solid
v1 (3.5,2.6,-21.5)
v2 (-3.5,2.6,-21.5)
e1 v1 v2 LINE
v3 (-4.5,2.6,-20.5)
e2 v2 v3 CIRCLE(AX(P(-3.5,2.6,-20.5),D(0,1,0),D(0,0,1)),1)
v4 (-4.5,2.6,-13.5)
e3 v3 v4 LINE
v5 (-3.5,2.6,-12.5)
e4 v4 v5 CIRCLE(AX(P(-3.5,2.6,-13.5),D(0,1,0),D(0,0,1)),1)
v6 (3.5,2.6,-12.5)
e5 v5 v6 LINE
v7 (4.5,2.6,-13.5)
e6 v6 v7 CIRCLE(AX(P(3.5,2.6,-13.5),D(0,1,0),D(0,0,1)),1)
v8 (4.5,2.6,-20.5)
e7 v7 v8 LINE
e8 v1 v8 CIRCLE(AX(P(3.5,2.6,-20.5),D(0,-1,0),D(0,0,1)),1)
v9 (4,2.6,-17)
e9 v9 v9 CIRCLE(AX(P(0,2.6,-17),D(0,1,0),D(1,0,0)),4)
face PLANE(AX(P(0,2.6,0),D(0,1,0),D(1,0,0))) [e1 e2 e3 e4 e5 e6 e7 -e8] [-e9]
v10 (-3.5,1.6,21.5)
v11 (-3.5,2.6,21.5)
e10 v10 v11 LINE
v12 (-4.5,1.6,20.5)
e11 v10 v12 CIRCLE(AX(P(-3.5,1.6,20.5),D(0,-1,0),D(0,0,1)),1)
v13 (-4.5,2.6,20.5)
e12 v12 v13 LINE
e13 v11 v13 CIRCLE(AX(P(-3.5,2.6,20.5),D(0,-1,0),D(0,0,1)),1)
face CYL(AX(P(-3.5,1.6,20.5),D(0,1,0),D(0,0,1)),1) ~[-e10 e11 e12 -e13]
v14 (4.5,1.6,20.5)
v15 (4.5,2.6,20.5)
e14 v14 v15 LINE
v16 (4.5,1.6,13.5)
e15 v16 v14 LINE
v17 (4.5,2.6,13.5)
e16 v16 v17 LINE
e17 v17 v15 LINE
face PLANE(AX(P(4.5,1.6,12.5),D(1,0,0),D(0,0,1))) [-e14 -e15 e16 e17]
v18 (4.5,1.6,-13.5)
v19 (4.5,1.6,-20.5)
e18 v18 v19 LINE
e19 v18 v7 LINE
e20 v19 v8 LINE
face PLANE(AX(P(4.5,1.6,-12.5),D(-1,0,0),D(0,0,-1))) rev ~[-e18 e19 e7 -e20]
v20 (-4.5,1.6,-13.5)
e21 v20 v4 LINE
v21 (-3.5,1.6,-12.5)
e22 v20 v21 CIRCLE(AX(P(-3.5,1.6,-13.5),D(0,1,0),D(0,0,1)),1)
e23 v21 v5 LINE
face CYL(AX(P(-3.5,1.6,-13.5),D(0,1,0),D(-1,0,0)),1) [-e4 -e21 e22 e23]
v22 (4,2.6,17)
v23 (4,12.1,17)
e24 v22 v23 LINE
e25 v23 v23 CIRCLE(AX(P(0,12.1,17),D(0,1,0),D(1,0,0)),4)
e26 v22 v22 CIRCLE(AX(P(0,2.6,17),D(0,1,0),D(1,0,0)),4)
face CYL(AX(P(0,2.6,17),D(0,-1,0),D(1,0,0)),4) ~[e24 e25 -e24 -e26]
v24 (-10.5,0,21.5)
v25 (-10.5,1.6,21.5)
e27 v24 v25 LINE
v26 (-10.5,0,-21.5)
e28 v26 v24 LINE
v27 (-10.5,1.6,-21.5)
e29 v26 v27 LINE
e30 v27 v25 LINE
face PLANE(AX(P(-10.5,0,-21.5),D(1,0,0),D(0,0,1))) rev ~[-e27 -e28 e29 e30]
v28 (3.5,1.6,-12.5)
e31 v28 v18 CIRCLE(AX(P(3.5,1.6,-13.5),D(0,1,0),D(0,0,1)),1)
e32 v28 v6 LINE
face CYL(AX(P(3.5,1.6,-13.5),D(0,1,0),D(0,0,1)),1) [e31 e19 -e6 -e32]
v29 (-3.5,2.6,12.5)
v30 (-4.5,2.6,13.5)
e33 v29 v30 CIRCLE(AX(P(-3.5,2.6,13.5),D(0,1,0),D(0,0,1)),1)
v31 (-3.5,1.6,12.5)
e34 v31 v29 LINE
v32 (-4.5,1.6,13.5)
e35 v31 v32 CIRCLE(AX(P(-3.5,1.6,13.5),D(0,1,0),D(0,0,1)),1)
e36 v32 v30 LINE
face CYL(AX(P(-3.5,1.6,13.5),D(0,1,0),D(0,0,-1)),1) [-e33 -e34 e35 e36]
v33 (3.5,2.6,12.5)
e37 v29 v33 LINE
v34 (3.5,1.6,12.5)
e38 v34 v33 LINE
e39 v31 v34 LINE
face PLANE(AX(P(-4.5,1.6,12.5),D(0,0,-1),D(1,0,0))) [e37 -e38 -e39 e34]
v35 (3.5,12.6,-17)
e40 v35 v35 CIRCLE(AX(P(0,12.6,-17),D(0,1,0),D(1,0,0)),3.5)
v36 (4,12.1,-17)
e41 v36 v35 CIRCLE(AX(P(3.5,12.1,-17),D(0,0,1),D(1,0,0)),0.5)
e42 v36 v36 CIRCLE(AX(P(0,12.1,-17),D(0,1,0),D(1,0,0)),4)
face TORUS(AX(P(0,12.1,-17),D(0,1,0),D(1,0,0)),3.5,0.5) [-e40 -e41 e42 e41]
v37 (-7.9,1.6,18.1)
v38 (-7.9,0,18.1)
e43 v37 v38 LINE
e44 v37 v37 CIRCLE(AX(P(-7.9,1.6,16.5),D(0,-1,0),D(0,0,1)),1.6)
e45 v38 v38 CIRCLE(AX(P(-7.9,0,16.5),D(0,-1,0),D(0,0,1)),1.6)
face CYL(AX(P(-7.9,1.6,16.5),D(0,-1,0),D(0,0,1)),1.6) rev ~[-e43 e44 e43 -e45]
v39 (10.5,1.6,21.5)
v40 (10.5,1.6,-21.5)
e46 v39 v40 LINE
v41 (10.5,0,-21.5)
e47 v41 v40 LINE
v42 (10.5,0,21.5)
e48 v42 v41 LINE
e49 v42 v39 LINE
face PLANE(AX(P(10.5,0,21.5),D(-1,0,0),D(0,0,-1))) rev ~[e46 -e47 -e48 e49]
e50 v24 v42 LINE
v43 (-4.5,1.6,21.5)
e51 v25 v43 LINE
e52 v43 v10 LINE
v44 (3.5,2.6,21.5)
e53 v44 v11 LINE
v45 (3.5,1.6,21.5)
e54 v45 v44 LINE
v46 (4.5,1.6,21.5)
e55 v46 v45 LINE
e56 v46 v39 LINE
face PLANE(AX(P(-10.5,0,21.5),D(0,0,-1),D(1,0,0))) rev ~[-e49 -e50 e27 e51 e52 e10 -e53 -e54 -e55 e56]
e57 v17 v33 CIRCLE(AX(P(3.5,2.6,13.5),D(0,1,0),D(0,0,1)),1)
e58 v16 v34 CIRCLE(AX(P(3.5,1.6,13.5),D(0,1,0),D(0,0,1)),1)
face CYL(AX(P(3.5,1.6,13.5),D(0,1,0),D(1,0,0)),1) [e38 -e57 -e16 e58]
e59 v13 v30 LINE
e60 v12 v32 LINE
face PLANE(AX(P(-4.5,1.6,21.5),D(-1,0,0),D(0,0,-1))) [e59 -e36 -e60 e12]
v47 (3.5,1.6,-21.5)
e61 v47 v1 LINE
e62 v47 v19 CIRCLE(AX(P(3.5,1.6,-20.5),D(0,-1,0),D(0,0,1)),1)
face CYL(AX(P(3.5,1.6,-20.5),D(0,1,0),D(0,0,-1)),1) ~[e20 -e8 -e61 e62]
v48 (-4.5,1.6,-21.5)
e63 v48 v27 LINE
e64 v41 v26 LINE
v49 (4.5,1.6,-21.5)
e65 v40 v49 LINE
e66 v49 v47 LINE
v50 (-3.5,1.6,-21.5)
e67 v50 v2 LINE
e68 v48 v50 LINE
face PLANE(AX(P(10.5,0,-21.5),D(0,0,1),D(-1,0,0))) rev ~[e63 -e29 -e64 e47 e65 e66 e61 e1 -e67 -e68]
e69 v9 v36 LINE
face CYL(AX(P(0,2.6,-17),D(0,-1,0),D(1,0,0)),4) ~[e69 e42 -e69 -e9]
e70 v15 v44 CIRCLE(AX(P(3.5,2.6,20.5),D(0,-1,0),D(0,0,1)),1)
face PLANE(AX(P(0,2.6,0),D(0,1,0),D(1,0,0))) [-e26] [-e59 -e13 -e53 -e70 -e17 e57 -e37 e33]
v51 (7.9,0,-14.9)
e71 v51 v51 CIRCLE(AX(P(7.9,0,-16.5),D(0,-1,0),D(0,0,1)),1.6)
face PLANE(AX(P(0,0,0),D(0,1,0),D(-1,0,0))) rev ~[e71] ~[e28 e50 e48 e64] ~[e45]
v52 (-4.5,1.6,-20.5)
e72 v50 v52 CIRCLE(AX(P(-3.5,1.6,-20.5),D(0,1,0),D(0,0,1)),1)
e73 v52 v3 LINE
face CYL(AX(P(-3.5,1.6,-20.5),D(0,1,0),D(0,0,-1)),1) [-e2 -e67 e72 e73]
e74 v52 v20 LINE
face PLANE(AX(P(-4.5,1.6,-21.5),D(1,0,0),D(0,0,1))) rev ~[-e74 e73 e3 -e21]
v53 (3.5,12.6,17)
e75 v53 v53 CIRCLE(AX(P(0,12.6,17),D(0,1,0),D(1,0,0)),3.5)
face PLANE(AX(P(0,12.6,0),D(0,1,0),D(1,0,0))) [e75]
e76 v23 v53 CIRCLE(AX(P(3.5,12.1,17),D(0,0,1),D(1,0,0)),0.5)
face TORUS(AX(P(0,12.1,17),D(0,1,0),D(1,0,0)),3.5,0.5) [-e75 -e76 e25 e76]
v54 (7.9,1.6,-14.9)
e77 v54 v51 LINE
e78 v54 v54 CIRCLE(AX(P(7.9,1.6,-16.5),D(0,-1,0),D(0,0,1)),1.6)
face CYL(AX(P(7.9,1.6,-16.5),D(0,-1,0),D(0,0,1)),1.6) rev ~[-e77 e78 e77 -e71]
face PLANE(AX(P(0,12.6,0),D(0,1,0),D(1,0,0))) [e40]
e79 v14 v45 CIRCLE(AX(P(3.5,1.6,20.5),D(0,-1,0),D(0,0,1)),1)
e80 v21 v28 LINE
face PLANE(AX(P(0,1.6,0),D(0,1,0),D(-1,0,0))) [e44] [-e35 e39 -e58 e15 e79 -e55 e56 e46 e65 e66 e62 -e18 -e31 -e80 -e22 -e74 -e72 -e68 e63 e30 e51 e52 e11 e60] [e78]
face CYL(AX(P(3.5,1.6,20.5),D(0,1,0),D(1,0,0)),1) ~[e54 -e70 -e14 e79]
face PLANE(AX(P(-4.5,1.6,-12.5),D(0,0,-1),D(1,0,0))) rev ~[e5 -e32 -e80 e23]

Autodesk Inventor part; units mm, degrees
ref_plane "YZ Plane" through (0, 0, 0) normal (1, 0, 0) x (0, 1, 0)
ref_plane "XZ Plane" through (0, 0, 0) normal (0, 1, 0) x (-1, 0, 0)
ref_plane "XY Plane" through (0, 0, 0) normal (0, 0, 1) x (1, 0, 0)
sketch "Sketch1" plane through (0, 0, 0) normal (0, 1, 0) x (-1, 0, 0)
  line L0 (-10.5, 21.5) -> (-10.5, -21.5)
  line L1 (-10.5, -21.5) -> (10.5, -21.5)
  line L2 (10.5, -21.5) -> (10.5, 21.5)
  line L3 (10.5, 21.5) -> (-10.5, 21.5)
  line L4 (-10.5, 21.5) -> (10.5, -21.5) construction
  line L5 (-10.5, -21.5) -> (10.5, 21.5) construction
  point P0 (0, 0)
  dimension "d0" = 43
  dimension "d1" = 21
extrude "Extrusion1" add sketch "Sketch1" along normal blind 1.6
sketch "Sketch2" plane through (0, 1.6, 0) normal (0, 1, 0) x (1, 0, 0)
  line L0 (0, -21.5) -> (0, -17)
  line L1 (4.5, -12.5) -> (4.5, -21.5)
  line L2 (4.5, -21.5) -> (-4.5, -21.5)
  line L3 (-4.5, -21.5) -> (-4.5, -12.5)
  line L4 (-4.5, -12.5) -> (4.5, -12.5)
  line L5 (4.5, -12.5) -> (-4.5, -21.5) construction
  line L6 (4.5, -21.5) -> (-4.5, -12.5) construction
  line L7 (-2.2008, 0) -> (2.1177, 0)
  line L8 (4.5, 12.5) -> (4.5, 21.5)
  line L9 (4.5, 21.5) -> (-4.5, 21.5)
  line L10 (-4.5, 21.5) -> (-4.5, 12.5)
  line L11 (-4.5, 12.5) -> (4.5, 12.5)
  point P0 (0, 0)
  dimension "d4" = 4.5
  dimension "d5" = 9
extrude "Extrusion2" add sketch "Sketch2" along normal blind 1
sketch "Sketch3" plane through (0, 2.6, 0) normal (0, 1, 0) x (1, 0, 0)
  circle A0 centre (0, -17) radius 4
  circle A1 centre (0, 17) radius 4
  point P0 (0, 0)
  dimension "d8" = 8
  dimension "d9" = 8
extrude "Extrusion3" add sketch "Sketch3" along normal blind 10
fillet "Fillet1" radius 0.5 2 edges at (-4, 12.6, 17) (-4, 12.6, -17)
sketch "Sketch4" plane through (0, 1.6, 0) normal (0, 1, 0) x (1, 0, 0)
  line L0 (-10.5, 21.5) -> (-10.5, -21.5) projected
  line L1 (-10.5, -21.5) -> (-10.5, -16.5)
  line L2 (-10.5, -16.5) -> (-9.5, -16.5)
  line L3 (-9.5, -16.5) -> (-7.9, -16.5)
  line L4 (10.5, 21.5) -> (4.5, 21.5) projected
  line L5 (10.5, 21.5) -> (10.5, 16.5)
  line L6 (10.5, -21.5) -> (10.5, 21.5) projected
  line L7 (10.5, 16.5) -> (9.5, 16.5)
  line L8 (9.5, 16.5) -> (7.9, 16.5)
  point P0 (0, 0)
  dimension "d13" = 5
  dimension "d14" = 1
  dimension "d15" = 1.6
  dimension "d16" = 5
  dimension "d17" = 1
  dimension "d18" = 1.6
hole "Hole1" at (-7.9, 1.6, 16.5) at (7.9, 1.6, -16.5) direction (0, -1, 0) diameter 3.2 end through all clearance for "Hex Head Cap Screw ISO 24017" size "M3" standard "ISO"
fillet "Fillet2" radius 1 8 edges at (4.5, 2.1, 12.5) (4.5, 2.1, -12.5) (-4.5, 2.1, -12.5) (4.5, 2.1, -21.5) (4.5, 2.1, 21.5) (-4.5, 2.1, 21.5) (-4.5, 2.1, 12.5) (-4.5, 2.1, -21.5)
properties part number "XTW-SY-8"
